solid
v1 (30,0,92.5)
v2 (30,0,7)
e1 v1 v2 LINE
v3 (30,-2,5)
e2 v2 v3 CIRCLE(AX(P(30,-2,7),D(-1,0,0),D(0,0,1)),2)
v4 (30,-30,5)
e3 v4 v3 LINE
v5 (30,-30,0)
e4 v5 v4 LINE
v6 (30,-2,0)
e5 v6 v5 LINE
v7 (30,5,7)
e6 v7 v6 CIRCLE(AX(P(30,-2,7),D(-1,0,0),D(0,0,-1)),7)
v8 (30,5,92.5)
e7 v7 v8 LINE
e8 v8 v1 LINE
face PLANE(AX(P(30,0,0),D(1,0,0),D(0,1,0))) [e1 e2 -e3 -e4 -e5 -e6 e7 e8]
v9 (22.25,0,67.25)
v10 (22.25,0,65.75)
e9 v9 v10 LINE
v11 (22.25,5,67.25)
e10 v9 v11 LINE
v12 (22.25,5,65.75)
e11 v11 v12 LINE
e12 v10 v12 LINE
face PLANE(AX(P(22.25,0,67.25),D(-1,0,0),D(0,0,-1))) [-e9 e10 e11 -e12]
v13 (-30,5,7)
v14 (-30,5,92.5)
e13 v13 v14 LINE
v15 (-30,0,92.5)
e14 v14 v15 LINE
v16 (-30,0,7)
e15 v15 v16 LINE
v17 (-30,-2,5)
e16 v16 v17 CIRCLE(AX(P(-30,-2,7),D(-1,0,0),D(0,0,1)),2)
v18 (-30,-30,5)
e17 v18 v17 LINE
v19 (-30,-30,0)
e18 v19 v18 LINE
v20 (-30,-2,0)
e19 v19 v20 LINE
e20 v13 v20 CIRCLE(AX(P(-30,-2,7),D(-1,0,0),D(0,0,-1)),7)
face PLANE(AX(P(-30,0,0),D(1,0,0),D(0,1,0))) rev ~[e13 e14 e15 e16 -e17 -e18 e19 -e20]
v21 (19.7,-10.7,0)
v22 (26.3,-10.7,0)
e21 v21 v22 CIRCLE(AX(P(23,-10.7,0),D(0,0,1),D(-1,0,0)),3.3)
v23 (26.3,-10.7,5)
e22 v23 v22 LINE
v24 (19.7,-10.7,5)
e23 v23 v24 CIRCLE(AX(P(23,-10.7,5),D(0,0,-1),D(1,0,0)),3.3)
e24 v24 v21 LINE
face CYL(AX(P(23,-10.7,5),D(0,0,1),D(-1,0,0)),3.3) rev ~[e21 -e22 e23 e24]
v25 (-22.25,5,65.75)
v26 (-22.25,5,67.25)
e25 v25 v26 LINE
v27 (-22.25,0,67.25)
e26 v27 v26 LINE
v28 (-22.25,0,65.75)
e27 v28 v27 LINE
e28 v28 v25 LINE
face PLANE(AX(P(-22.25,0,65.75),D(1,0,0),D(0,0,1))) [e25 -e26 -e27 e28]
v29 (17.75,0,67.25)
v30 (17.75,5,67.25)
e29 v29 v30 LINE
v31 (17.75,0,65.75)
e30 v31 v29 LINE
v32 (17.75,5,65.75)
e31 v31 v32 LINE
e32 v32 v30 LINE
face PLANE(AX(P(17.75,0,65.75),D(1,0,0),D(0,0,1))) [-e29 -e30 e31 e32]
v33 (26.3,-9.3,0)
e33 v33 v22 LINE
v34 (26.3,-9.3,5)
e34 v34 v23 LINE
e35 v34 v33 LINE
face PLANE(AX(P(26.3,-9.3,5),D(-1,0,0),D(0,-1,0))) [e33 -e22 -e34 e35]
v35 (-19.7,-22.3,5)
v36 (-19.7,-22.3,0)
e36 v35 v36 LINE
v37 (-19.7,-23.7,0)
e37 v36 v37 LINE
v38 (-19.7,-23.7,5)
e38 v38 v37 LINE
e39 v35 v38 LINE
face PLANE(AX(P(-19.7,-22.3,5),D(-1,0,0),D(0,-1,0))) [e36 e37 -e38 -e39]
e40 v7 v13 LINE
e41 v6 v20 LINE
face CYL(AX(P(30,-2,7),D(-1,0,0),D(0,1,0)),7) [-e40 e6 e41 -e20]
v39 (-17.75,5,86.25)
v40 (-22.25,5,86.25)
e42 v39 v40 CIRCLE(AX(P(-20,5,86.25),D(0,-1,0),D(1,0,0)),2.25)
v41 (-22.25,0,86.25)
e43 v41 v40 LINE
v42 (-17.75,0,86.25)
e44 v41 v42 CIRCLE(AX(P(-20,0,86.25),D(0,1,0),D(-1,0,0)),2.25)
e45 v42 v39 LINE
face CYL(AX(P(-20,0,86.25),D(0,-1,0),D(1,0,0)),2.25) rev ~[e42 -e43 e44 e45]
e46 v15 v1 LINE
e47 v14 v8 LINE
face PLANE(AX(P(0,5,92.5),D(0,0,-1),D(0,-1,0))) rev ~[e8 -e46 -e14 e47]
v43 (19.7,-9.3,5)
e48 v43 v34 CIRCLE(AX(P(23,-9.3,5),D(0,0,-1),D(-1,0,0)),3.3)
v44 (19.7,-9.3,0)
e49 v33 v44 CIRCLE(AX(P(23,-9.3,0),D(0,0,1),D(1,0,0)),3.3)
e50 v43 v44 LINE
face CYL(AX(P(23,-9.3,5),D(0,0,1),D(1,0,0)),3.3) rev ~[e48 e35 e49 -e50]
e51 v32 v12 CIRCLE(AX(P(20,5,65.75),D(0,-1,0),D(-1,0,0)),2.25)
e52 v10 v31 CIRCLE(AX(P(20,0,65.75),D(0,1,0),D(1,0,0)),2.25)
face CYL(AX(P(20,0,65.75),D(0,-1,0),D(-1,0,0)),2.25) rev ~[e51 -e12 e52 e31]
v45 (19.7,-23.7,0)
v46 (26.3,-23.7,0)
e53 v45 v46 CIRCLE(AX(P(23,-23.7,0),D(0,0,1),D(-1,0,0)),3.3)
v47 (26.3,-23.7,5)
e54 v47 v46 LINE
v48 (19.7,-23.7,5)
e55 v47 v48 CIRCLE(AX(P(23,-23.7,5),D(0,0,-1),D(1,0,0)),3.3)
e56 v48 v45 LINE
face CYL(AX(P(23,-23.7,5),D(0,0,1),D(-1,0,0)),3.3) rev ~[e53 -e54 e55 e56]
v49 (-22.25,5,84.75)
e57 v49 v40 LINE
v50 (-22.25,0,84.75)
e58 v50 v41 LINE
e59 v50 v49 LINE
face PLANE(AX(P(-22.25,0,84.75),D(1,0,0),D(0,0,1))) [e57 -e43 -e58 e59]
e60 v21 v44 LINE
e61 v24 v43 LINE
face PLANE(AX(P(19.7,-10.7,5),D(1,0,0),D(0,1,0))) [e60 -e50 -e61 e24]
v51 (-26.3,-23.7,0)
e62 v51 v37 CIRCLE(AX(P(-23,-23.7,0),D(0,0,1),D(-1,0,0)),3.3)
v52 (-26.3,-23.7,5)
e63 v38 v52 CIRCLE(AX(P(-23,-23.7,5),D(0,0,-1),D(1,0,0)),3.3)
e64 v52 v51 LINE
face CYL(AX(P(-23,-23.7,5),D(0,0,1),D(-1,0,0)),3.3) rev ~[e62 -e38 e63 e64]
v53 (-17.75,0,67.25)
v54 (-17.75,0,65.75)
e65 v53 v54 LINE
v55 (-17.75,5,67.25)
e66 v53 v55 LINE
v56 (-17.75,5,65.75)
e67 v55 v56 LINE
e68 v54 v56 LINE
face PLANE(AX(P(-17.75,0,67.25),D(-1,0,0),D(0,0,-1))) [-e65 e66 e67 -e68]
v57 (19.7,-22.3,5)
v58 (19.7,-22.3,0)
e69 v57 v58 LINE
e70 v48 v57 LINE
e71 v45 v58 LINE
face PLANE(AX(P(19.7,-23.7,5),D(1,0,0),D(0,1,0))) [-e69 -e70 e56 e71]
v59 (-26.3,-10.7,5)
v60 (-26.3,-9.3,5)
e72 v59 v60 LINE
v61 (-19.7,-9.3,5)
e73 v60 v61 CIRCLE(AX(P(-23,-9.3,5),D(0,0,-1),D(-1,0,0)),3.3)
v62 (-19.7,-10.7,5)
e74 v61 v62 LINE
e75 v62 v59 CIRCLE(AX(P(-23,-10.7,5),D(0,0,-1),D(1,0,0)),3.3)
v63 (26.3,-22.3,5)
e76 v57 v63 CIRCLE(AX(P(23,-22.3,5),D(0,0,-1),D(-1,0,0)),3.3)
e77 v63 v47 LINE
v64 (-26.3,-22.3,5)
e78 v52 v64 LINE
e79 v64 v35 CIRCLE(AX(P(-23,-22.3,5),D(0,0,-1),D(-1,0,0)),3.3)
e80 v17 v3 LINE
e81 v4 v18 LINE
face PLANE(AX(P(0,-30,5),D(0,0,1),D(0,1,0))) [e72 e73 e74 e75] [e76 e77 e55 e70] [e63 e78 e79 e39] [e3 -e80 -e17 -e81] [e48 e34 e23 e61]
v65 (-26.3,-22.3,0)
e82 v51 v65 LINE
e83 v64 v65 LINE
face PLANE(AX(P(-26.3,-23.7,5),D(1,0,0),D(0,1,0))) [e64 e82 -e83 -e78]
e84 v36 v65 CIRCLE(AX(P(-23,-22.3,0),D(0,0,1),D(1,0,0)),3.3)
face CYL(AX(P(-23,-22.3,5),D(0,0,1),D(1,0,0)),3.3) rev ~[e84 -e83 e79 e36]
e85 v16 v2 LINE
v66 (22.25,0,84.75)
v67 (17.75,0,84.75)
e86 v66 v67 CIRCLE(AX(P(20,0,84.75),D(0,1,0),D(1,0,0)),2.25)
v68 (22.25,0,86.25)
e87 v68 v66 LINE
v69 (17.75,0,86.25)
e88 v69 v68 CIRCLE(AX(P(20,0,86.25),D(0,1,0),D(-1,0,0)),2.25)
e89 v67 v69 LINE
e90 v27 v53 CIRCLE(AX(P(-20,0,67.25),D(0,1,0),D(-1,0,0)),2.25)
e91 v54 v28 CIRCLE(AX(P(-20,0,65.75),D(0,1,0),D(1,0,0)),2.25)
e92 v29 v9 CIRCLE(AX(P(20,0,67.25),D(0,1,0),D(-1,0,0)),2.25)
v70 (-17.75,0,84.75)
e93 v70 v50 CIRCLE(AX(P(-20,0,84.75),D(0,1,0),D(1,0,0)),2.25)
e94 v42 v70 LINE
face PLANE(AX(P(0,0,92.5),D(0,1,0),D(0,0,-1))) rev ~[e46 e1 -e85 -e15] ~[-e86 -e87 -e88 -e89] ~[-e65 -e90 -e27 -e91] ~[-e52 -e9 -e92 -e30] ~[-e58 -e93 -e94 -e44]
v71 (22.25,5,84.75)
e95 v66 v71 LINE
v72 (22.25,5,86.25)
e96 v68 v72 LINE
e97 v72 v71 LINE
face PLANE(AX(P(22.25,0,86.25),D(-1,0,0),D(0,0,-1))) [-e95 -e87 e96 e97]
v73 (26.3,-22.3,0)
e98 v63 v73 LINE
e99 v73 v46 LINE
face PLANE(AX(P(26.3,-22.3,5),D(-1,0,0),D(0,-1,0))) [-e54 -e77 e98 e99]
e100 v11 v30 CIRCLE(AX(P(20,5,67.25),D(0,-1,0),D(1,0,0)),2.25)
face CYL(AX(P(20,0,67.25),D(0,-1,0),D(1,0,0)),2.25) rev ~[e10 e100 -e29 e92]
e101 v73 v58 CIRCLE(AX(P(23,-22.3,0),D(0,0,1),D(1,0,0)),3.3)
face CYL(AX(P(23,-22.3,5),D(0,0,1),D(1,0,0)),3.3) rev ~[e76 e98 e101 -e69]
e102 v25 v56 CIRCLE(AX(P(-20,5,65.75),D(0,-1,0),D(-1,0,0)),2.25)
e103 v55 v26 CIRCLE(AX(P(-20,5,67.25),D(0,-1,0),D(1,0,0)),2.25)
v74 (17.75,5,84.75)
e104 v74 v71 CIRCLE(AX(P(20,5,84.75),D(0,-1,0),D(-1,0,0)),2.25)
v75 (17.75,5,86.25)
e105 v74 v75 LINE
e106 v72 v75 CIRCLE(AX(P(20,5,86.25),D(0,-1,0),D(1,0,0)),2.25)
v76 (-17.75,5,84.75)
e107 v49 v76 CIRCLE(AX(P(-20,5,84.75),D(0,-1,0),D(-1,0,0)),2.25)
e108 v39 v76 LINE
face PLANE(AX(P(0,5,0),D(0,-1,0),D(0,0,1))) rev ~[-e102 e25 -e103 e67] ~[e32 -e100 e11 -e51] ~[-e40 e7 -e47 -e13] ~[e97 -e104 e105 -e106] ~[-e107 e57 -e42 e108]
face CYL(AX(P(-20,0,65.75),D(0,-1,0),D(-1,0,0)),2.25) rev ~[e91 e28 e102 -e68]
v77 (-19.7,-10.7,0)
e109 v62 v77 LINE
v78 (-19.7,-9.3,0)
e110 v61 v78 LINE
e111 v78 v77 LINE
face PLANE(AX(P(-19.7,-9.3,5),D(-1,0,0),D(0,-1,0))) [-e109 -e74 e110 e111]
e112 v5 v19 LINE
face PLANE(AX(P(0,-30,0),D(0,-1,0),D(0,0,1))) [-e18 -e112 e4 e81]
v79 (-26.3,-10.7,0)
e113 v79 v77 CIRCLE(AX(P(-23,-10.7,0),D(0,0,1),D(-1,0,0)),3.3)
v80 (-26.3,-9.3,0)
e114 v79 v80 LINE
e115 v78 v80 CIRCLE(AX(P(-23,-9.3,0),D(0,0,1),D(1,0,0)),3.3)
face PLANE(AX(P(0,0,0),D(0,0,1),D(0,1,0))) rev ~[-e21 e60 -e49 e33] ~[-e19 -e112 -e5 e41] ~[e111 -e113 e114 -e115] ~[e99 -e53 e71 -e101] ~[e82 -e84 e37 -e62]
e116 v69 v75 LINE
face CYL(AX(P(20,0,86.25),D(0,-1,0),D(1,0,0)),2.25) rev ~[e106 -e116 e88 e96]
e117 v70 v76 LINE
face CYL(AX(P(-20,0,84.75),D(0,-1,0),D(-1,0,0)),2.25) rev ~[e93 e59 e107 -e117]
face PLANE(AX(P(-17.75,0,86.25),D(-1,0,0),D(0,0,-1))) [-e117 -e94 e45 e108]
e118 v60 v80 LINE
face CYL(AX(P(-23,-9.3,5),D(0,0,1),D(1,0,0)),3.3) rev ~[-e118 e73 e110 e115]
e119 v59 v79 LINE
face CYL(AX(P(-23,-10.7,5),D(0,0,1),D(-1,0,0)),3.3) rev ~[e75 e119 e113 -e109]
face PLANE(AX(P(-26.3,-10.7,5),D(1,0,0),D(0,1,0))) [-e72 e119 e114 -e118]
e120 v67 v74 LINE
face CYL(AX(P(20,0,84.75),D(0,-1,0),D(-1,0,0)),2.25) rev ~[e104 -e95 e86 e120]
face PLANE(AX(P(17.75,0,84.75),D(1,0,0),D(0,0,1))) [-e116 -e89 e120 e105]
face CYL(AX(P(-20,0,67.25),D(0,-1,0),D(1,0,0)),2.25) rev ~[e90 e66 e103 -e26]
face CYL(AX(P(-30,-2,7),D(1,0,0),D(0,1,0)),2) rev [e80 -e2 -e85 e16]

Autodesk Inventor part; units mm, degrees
ref_plane "YZ Plane" through (0, 0, 0) normal (1, 0, 0) x (0, 1, 0)
ref_plane "XZ Plane" through (0, 0, 0) normal (0, 1, 0) x (-1, 0, 0)
ref_plane "XY Plane" through (0, 0, 0) normal (0, 0, 1) x (1, 0, 0)
sketch "Skizze1" plane through (0, 0, 0) normal (1, 0, 0) x (0, 1, 0)
  line L0 (5, 92.5) -> (0, 92.5)
  line L1 (0, 92.5) -> (0, 0)
  line L2 (0, 0) -> (5, 0)
  line L3 (5, 0) -> (5, 92.5)
  line L4 (-37, 0) -> (12, 0) projected
  line L5 (0, 0) -> (-30, 0)
  line L6 (-30, 0) -> (-30, 5)
  line L7 (-30, 5) -> (0, 5)
  line L8 (0, 5) -> (0, 0)
  dimension "d0" = 5
  dimension "d1" = 92.5
  dimension "d3" = 5
  dimension "d4" = 35
extrude "Extrusion1" add sketch "Skizze1" along normal mid plane 60
fillet "Rundung1" radius 2 1 edges at (0, 0, 5)
fillet "Rundung2" radius 7 1 edges at (0, 5, 0)
sketch "Skizze2" plane through (-30, 0, 92.5) normal (0, -1, 0) x (1, 0, 0)
  line L0 (0, -92.5) -> (60, -92.5) projected
  line L1 (60, 0) -> (60, -85.5) projected
  line L2 (0, -85.5) -> (0, 0) projected
  line L3 (10, -4) -> (10, -4)
  line L4 (12.25, -6.25) -> (12.25, -7.75)
  line L5 (10, -10) -> (10, -10)
  line L6 (7.75, -7.75) -> (7.75, -6.25)
  line L7 (7.75, -4) -> (12.25, -10) construction
  line L8 (12.25, -4) -> (7.75, -10) construction
  arc A0 (10, -4) -> (7.75, -6.25) centre (10, -6.25) ccw
  arc A1 (12.25, -6.25) -> (10, -4) centre (10, -6.25) ccw
  arc A2 (7.75, -7.75) -> (10, -10) centre (10, -7.75) ccw
  arc A3 (10, -10) -> (12.25, -7.75) centre (10, -7.75) ccw
  line L9 (60, 0) -> (0, 0) projected
  point P0 (30, -92.5)
  point P1 (10, -7)
  point P2 (10, -4)
  dimension "d12" = 60
  dimension "d13" = 10
  dimension "d14" = 4.5
  dimension "d15" = 6
  dimension "d16" = 2.25
  dimension "d39" = 7
extrude "Extrusion2" cut sketch "Skizze2" against normal blind 50
pattern_linear "Rechteckige Anordnung1" count 2 spacing 40 along (1, 0, 0) count 2 spacing 19 along (0, 0, -1) of "Extrusion2"
sketch "Skizze3" plane through (-30, -30, 5) normal (0, 0, 1) x (1, 0, 0)
  line L0 (7, 11) -> (7, 11)
  line L1 (10.3, 7.7) -> (10.3, 6.3)
  line L2 (7, 3) -> (7, 3)
  line L3 (3.7, 6.3) -> (3.7, 7.7)
  line L4 (3.7, 11) -> (10.3, 3) construction
  line L5 (10.3, 11) -> (3.7, 3) construction
  arc A0 (7, 11) -> (3.7, 7.7) centre (7, 7.7) ccw
  arc A1 (3.7, 6.3) -> (7, 3) centre (7, 6.3) ccw
  arc A2 (7, 3) -> (10.3, 6.3) centre (7, 6.3) ccw
  arc A3 (10.3, 7.7) -> (7, 11) centre (7, 7.7) ccw
  line L6 (0, 0) -> (0, 28) projected
  line L7 (0, 0) -> (60, 0) projected
  point P0 (30, 30)
  point P1 (7, 7)
  point P2 (7, 3)
  dimension "d26" = 6.6
  dimension "d27" = 8
  dimension "d28" = 3.3
  dimension "d29" = 7
  dimension "d30" = 7
extrude "Extrusion3" cut sketch "Skizze3" against normal through all
pattern_linear "Rechteckige Anordnung2" count 2 spacing 46 along (1, 0, 0) count 2 spacing 13 along (0, 1, 0) of "Extrusion3"
properties part number "TS_V1_Fallmagazin_Haltewinkel_Fuehrung_int"
